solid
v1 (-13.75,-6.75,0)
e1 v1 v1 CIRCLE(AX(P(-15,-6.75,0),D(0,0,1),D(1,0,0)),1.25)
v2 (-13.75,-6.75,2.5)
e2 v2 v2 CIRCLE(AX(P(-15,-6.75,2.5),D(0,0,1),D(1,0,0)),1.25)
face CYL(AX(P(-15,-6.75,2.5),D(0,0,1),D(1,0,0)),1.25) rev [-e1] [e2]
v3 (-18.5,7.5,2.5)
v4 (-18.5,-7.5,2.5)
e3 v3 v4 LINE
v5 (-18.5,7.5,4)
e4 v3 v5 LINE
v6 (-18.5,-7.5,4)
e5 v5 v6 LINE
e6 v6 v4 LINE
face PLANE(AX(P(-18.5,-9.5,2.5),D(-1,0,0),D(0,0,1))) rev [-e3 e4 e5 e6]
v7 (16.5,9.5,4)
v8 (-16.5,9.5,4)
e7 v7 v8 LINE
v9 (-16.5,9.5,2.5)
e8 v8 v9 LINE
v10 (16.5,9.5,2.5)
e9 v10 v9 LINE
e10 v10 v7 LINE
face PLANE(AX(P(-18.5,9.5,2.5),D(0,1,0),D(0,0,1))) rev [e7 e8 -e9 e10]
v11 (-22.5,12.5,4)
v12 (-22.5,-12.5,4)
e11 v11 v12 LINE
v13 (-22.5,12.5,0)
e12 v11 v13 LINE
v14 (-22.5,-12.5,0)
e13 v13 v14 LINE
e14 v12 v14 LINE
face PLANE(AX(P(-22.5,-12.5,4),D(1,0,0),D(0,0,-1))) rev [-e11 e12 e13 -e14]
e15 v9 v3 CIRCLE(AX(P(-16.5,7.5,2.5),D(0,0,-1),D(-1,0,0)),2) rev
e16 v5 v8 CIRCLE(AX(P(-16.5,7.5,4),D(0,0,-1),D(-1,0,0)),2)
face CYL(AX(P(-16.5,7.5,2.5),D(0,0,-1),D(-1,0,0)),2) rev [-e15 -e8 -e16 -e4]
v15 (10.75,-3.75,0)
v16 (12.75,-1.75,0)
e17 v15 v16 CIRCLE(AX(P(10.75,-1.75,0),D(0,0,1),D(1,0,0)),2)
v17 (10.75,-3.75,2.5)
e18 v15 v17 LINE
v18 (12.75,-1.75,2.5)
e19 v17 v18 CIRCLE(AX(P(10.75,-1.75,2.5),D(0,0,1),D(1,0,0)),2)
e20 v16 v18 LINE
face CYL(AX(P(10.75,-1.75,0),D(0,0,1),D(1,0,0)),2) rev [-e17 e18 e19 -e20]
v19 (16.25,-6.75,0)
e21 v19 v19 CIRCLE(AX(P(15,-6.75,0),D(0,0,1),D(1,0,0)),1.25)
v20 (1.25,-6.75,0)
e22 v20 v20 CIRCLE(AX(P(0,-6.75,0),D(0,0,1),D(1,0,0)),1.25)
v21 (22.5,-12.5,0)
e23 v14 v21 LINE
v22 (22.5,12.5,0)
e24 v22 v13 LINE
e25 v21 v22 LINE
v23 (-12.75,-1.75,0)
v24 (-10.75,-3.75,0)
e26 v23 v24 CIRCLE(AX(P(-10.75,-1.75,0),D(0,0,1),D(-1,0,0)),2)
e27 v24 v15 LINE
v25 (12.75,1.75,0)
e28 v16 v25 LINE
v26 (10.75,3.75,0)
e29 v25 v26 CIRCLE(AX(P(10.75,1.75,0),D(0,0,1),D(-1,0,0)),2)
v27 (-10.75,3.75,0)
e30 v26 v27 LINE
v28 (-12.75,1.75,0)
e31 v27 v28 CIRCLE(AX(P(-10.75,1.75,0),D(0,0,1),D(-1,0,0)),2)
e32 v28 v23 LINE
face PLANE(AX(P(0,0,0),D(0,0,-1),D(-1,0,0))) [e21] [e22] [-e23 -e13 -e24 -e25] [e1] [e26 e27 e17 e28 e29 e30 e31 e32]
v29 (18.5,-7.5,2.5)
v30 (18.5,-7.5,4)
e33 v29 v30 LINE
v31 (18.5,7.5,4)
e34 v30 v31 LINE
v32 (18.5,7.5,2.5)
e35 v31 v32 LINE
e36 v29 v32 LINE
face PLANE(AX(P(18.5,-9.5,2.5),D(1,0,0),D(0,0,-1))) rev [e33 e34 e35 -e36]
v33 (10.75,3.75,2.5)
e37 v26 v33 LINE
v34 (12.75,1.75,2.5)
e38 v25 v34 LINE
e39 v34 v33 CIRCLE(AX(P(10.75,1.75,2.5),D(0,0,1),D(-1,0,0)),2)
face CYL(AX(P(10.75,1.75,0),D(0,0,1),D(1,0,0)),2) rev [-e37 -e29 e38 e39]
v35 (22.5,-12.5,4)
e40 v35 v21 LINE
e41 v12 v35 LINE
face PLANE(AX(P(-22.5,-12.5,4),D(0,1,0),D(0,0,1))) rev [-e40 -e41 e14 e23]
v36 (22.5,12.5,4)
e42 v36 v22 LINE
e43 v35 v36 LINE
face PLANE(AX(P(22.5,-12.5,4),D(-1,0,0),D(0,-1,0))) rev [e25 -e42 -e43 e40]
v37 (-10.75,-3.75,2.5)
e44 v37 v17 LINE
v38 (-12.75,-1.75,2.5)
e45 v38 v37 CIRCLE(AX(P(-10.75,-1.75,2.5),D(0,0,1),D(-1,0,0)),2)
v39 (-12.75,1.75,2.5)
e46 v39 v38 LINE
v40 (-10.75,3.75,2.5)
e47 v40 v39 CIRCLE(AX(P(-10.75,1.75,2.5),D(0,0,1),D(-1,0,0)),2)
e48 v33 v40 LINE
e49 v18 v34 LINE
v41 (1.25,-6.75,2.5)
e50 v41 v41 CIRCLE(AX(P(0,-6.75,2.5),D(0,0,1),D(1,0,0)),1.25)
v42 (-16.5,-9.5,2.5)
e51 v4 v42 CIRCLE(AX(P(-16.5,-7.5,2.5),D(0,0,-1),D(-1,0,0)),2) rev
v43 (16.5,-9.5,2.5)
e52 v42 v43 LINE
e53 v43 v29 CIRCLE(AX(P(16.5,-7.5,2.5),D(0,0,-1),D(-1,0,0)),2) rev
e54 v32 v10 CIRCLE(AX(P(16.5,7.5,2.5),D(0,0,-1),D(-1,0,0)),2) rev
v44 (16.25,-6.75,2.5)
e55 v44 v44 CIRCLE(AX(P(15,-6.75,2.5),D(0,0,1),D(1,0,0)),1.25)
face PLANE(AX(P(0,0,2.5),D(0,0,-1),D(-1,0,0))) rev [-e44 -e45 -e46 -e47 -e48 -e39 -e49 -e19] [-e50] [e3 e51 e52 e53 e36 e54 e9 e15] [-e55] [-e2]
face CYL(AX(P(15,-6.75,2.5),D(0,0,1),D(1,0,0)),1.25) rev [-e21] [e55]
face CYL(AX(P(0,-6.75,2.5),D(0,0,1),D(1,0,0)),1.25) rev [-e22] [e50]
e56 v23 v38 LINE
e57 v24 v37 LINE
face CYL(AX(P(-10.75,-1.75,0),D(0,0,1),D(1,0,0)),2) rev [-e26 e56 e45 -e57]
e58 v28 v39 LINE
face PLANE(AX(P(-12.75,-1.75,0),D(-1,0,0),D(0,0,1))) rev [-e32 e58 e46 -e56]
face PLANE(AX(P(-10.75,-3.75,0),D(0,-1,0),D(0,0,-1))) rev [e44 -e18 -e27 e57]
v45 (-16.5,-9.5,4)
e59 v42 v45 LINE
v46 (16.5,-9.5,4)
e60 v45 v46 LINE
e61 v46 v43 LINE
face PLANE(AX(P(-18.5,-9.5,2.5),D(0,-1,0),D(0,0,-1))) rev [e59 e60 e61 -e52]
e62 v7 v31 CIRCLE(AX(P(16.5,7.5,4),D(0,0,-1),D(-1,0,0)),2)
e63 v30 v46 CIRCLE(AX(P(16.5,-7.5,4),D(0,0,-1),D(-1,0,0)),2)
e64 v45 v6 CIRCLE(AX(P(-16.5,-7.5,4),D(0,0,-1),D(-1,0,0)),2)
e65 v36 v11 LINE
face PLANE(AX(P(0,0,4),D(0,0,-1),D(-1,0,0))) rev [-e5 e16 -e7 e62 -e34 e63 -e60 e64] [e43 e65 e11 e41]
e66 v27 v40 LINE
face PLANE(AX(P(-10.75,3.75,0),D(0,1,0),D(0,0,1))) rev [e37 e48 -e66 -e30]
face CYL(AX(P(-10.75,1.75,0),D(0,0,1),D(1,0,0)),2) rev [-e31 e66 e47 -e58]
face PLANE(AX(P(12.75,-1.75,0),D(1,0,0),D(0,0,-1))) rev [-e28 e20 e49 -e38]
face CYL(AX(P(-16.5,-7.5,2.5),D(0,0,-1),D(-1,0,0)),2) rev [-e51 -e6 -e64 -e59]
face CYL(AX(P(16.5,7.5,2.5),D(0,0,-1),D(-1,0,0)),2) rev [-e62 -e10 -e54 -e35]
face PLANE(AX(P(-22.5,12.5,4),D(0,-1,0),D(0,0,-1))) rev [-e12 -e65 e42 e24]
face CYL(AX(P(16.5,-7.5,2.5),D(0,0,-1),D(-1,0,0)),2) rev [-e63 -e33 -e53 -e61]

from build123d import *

# Parameters (mm, degrees)
SKETCH1_W             = 45
SKETCH1_H             = 25
BOSS_EXTRUDE1_DEPTH   = 4
SKETCH2_W             = 37
SKETCH2_H             = 19
CUT_EXTRUDE1_DEPTH    = 1.5
FILLET1_R             = 2
CUT_EXTRUDE2_DEPTH    = 26.860201082
F_2_5MM_DOWEL_HOLE1_D = 2.5


with BuildPart() as part:
    # Sketch1 → Boss-Extrude1 (new body)
    with BuildSketch(Plane.XY):
        Rectangle(SKETCH1_W, SKETCH1_H)
    extrude(amount=BOSS_EXTRUDE1_DEPTH)

    # Sketch2 → Cut-Extrude1 (cut)
    with BuildSketch(Plane.XY.offset(4)):
        Rectangle(SKETCH2_W, SKETCH2_H)
    extrude(amount=-CUT_EXTRUDE1_DEPTH, mode=Mode.SUBTRACT)

    # Fillet1
    fillet1_edges = [part.edges().sort_by_distance(p)[0] for p in [
        (18.5, 9.5, 3.25),
        (18.5, -9.5, 3.25),
        (-18.5, -9.5, 3.25),
        (-18.5, 9.5, 3.25),
    ]]
    fillet(fillet1_edges, radius=FILLET1_R)

    # Sketch3 → Cut-Extrude2 (cut, through all)
    with BuildSketch(Plane.XY.offset(2.5)):
        with BuildLine():
            Line((-10.75, -3.75), (10.75, -3.75))
            ThreePointArc((10.75, -3.75), (12.164213562, -3.164213562), (12.75, -1.75))
            Line((12.75, -1.75), (12.75, 1.75))
            ThreePointArc((12.75, 1.75), (12.164213562, 3.164213562), (10.75, 3.75))
            Line((10.75, 3.75), (-10.75, 3.75))
            ThreePointArc((-10.75, 3.75), (-12.164213562, 3.164213562), (-12.75, 1.75))
            Line((-12.75, 1.75), (-12.75, -1.75))
            ThreePointArc((-12.75, -1.75), (-12.164213562, -3.164213562), (-10.75, -3.75))
        make_face()
    extrude(amount=-CUT_EXTRUDE2_DEPTH, mode=Mode.SUBTRACT)

    # Ø2.5mm Dowel Hole1 (through all)
    with Locations(Plane.XY.offset(2.5)):
        with Locations((-15, -6.75), (0, -6.75), (15, -6.75)):
            Hole(F_2_5MM_DOWEL_HOLE1_D / 2)


solid = part.part
